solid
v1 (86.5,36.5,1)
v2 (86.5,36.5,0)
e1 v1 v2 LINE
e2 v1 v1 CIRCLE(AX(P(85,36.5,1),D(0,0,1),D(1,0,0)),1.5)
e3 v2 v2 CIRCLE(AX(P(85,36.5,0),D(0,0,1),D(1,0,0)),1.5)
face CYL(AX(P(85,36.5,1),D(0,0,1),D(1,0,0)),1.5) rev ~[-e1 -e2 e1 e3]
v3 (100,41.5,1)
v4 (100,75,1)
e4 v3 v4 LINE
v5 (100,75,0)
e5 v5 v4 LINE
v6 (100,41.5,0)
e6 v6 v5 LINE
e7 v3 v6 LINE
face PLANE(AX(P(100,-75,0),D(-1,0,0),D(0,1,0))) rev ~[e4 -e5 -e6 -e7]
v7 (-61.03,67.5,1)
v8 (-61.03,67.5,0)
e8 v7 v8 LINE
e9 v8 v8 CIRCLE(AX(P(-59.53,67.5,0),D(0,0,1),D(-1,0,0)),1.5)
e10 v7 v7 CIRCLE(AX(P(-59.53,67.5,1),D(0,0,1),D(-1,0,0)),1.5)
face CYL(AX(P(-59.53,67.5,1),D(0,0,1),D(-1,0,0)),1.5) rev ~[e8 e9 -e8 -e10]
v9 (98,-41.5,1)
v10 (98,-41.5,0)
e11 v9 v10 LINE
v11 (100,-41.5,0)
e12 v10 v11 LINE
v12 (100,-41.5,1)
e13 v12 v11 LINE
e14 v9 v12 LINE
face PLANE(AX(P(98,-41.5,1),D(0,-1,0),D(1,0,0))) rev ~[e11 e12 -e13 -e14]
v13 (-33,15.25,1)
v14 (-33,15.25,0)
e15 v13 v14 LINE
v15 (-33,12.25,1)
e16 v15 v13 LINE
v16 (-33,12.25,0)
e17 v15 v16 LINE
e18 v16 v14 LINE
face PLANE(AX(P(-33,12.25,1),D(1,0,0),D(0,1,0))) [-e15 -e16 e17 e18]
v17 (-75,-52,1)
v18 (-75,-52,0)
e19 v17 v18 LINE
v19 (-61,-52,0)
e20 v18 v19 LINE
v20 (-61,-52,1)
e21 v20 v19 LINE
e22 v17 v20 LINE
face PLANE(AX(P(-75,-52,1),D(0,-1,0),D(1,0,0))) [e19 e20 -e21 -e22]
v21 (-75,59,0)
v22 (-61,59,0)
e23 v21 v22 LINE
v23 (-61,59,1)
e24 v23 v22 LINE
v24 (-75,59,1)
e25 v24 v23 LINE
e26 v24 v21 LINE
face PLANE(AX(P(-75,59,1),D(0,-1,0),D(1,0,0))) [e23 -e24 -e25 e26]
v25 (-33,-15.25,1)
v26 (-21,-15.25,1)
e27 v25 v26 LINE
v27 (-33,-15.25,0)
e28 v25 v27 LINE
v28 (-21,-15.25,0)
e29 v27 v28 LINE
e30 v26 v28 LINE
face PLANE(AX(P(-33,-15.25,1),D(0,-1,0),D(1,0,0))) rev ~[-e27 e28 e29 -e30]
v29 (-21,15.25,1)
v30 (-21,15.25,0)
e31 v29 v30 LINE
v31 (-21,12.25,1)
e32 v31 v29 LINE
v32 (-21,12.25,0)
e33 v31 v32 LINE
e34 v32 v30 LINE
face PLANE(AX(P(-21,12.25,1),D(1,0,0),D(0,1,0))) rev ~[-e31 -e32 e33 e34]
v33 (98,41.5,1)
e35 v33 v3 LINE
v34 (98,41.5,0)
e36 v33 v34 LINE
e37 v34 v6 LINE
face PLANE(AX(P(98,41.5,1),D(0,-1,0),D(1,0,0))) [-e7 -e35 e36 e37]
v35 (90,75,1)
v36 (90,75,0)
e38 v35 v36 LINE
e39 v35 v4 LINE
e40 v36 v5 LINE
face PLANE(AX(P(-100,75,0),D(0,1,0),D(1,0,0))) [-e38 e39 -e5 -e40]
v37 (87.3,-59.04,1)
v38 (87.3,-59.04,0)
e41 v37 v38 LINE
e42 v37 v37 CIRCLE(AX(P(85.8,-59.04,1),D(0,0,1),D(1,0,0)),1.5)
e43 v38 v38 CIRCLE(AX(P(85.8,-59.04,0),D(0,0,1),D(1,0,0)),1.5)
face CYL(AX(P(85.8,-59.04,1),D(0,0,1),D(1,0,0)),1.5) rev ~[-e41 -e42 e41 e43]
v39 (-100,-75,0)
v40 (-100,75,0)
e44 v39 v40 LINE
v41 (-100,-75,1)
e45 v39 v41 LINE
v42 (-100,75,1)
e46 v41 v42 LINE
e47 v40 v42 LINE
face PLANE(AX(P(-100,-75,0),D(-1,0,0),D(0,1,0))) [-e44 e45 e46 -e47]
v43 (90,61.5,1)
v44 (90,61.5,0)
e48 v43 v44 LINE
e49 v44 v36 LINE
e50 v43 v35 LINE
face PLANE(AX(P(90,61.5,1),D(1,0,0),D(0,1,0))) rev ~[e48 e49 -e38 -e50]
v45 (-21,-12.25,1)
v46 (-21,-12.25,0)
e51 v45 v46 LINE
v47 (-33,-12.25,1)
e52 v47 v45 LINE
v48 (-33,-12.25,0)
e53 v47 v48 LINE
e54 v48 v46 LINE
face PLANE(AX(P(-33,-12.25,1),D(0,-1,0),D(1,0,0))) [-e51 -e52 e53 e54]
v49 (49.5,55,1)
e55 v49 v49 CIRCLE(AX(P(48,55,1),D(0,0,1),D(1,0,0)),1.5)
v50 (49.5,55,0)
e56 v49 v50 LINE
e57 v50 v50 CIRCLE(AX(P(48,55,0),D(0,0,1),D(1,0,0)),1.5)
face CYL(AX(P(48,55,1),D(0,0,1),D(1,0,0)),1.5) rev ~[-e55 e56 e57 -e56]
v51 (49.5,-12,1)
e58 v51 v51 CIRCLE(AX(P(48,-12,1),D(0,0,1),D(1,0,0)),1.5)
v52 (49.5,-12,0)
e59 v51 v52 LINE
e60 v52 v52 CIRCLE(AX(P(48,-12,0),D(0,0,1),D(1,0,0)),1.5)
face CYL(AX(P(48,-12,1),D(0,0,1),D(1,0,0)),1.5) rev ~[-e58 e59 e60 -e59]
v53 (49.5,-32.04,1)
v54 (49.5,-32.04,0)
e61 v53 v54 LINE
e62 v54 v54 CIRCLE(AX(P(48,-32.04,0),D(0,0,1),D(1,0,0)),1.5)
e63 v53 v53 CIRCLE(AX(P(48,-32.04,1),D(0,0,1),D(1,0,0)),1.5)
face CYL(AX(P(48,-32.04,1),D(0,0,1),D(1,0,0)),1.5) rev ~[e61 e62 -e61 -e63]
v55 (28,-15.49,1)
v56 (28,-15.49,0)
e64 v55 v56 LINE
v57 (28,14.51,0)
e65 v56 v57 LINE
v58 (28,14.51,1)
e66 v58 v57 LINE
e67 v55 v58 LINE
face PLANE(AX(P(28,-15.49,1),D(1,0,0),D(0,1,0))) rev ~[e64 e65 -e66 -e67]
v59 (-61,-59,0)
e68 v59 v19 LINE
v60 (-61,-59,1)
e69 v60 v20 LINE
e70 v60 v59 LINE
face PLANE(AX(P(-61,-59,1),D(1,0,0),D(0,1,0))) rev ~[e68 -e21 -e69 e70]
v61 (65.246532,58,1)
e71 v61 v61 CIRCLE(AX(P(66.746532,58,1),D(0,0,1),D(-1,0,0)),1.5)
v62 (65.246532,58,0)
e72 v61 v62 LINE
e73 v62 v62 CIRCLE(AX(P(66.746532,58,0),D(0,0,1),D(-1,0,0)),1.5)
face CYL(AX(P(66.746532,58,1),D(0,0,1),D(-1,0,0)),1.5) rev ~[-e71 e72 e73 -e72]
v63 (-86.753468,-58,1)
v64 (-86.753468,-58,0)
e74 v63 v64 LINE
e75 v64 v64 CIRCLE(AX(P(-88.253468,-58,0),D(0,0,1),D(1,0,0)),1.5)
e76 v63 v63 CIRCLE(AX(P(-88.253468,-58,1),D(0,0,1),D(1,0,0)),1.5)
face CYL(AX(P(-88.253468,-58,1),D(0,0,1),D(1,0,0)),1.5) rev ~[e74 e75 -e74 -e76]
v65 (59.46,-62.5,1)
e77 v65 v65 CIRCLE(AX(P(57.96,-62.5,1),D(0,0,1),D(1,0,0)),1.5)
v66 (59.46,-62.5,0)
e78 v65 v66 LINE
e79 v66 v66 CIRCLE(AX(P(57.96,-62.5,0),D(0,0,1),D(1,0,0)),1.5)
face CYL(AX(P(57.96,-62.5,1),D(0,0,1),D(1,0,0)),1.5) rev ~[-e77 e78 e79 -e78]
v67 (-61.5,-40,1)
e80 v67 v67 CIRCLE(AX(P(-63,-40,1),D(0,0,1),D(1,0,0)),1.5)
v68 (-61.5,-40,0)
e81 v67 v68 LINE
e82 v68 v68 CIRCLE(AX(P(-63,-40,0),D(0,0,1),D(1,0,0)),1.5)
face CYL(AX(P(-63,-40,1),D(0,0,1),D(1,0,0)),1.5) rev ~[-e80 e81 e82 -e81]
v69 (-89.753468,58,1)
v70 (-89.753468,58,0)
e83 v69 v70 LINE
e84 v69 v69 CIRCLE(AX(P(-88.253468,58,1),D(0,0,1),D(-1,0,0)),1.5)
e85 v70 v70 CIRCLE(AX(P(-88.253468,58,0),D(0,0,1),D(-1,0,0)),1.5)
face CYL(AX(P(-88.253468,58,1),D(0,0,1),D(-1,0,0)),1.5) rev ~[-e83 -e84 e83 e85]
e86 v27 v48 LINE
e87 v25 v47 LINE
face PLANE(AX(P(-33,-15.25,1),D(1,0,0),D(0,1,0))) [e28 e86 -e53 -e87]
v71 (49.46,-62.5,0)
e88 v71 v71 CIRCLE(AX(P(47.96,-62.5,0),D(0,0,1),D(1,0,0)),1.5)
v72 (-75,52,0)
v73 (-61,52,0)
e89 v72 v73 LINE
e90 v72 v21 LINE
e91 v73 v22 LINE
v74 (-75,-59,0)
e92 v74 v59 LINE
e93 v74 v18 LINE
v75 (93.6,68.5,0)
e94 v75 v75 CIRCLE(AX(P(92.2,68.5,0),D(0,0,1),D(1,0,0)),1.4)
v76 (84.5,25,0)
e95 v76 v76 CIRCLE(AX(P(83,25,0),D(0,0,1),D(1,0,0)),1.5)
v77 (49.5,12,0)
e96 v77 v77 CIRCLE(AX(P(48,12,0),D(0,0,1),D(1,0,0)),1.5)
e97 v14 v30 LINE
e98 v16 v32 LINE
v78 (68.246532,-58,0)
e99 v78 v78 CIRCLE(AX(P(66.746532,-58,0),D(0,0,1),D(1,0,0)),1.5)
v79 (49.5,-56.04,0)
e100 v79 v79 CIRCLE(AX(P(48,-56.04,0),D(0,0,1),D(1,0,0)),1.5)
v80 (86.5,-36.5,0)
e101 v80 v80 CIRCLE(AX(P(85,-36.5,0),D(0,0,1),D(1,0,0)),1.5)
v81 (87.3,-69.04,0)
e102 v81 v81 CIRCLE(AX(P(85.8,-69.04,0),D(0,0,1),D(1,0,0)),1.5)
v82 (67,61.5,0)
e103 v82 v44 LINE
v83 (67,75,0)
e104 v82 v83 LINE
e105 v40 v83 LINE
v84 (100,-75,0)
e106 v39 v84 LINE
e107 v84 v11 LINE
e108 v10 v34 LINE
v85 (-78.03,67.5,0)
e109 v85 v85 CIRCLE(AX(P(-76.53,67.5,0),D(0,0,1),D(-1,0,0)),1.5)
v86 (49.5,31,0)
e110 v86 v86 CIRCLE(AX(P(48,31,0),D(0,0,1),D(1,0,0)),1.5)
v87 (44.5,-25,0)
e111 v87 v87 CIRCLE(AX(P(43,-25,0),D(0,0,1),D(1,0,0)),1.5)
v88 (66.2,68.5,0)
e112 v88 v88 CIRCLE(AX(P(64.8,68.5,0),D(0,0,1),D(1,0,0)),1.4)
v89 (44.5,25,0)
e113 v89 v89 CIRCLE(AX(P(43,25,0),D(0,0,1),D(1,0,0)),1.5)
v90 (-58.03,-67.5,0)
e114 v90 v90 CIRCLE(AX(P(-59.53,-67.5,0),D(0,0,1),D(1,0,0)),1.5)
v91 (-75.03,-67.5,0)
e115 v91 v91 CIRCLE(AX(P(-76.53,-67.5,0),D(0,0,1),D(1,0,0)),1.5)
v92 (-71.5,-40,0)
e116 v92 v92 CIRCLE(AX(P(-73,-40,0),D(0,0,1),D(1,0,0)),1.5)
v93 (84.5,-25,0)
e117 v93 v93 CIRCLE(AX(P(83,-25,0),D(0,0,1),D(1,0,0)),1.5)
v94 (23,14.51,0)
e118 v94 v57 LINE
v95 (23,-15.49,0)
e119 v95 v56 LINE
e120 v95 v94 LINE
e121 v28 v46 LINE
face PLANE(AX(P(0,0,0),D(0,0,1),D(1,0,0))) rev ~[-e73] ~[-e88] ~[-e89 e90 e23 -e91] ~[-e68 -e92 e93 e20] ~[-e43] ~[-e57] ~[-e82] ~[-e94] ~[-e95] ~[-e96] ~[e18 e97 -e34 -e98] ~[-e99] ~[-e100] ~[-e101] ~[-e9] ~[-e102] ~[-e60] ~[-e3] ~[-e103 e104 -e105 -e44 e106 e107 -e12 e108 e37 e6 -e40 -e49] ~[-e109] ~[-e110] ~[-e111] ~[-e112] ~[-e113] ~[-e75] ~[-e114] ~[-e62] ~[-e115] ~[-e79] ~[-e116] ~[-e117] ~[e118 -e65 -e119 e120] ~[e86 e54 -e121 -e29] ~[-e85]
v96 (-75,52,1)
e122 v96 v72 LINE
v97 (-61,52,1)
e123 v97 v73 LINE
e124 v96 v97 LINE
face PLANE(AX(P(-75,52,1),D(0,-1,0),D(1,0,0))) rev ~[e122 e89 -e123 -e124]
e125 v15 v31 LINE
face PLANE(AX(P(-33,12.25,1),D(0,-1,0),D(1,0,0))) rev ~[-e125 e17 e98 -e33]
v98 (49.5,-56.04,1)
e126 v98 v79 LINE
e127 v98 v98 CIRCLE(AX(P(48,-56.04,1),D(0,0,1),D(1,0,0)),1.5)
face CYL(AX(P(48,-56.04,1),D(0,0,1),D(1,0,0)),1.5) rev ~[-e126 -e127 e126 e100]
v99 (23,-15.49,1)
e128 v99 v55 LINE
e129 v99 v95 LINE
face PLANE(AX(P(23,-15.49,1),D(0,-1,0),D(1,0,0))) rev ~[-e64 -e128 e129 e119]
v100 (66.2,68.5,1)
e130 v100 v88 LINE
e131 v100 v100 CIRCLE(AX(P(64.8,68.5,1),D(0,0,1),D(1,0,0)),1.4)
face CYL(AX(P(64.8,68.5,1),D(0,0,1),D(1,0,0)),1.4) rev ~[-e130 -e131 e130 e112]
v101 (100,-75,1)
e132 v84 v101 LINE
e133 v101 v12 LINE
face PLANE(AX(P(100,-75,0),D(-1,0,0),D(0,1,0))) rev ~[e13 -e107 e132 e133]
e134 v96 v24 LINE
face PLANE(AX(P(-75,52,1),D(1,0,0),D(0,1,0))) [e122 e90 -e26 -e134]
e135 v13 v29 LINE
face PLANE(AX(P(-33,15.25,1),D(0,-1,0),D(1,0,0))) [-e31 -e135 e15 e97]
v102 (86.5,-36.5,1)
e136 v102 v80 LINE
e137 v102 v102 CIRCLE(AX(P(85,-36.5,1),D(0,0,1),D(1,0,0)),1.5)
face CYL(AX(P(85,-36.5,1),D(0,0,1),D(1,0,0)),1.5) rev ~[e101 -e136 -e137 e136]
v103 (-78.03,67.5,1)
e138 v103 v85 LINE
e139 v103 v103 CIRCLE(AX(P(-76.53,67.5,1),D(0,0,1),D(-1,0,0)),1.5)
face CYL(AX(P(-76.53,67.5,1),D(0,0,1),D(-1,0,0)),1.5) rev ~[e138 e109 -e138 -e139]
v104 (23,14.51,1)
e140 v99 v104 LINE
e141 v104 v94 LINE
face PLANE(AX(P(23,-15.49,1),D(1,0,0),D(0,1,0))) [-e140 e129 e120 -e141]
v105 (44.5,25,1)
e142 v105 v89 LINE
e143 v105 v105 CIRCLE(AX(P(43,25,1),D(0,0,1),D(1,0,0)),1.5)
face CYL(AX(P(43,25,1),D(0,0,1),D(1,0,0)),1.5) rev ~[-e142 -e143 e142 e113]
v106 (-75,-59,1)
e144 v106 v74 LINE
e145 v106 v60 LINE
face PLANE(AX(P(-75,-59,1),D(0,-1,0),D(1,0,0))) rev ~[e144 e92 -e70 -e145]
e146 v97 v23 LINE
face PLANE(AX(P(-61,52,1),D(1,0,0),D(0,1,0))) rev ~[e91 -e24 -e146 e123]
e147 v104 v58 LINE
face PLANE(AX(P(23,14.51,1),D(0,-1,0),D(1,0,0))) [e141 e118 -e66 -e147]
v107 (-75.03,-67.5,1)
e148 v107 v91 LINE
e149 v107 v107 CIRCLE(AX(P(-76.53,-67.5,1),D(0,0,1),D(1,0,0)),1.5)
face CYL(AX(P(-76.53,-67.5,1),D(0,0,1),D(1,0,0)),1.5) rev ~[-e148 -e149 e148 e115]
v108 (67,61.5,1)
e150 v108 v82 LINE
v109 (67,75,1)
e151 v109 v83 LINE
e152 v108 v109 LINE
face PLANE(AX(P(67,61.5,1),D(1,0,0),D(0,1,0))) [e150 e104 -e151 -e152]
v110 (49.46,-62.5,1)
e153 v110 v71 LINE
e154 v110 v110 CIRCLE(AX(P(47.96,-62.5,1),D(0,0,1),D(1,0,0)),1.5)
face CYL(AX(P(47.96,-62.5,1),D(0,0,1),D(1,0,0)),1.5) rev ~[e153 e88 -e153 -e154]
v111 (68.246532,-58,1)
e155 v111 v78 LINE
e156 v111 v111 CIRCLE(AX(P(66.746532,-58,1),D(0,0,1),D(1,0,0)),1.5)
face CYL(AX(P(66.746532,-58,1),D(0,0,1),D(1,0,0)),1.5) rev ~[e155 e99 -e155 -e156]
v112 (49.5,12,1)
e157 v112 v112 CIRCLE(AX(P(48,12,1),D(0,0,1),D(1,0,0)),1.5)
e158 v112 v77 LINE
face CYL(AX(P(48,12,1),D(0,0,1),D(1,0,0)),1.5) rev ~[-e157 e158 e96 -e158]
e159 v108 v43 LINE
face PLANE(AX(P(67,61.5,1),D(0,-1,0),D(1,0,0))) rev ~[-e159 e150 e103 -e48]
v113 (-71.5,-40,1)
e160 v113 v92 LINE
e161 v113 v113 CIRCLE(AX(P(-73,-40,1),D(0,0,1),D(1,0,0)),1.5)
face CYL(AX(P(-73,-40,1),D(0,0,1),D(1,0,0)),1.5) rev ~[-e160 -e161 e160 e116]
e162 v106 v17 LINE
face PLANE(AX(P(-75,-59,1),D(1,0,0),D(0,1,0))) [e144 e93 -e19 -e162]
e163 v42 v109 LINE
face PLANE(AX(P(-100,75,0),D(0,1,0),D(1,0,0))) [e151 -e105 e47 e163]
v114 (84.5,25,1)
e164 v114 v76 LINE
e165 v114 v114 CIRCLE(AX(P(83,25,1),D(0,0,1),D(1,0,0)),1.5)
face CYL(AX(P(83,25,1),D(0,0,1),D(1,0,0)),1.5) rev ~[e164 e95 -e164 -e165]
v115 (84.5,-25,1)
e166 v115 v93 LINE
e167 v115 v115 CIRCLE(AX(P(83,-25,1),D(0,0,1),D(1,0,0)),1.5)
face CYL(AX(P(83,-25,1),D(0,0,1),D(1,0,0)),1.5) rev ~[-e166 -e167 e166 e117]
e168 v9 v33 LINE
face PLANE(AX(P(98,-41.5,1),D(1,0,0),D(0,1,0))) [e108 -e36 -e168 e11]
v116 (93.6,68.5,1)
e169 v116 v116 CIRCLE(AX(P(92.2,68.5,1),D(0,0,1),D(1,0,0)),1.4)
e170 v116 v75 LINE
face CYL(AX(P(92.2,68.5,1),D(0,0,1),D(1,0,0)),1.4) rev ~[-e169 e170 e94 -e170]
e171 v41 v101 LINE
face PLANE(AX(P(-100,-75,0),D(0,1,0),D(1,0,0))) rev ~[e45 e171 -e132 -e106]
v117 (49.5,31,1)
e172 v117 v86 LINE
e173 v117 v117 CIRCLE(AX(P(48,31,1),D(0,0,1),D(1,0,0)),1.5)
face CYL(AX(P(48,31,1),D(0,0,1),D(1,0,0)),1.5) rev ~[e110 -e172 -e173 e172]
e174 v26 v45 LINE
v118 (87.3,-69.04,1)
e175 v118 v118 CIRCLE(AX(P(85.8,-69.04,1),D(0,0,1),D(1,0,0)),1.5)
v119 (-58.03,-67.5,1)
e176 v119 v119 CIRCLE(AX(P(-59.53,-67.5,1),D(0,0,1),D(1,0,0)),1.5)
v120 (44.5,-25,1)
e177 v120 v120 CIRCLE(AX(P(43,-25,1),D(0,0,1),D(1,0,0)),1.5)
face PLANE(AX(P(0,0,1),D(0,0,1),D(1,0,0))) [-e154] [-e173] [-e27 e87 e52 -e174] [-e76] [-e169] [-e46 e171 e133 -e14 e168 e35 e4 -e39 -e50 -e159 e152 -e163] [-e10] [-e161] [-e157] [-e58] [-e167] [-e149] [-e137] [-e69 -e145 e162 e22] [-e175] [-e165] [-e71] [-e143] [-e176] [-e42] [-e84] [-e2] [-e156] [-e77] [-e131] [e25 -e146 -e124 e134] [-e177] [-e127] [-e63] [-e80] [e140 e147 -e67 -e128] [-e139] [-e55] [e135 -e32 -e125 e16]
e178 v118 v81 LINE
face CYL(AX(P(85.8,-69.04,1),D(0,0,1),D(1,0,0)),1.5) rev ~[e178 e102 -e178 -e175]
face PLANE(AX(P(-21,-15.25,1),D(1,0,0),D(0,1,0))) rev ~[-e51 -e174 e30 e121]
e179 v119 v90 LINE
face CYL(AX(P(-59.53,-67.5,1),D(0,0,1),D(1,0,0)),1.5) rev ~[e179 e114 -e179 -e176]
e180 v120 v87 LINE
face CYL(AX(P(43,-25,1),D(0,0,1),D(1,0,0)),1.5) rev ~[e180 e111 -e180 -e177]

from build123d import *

# Parameters (mm, degrees)
SKETCH1_W           = 200
SKETCH1_H           = 150
BOSS_EXTRUDE1_DEPTH = 1
SKETCH2_R           = 1.5
SKETCH2_R_2         = 1.4
SKETCH2_W           = 14
SKETCH2_H           = 7
SKETCH2_W_2         = 12
SKETCH2_H_2         = 3
SKETCH2_W_3         = 23
SKETCH2_H_3         = 13.5
SKETCH2_W_4         = 2
SKETCH2_H_4         = 83
CUT_EXTRUDE1_DEPTH  = 1
SKETCH3_R           = 1.5
SKETCH3_W           = 5
SKETCH3_H           = 30
CUT_EXTRUDE2_DEPTH  = 10
SKETCH4_R           = 1.5
CUT_EXTRUDE3_DEPTH  = 10


with BuildPart() as part:
    # Sketch1 → Boss-Extrude1 (new body)
    with BuildSketch(Plane.XY):
        Rectangle(SKETCH1_W, SKETCH1_H)
    extrude(amount=BOSS_EXTRUDE1_DEPTH)

    # Sketch2 → Cut-Extrude1 (cut)
    with BuildSketch(Plane.XY.offset(1)):
        with Locations((-76.53, -67.5)):
            Circle(SKETCH2_R)
        with Locations((-59.53, -67.5)):
            Circle(SKETCH2_R)
        with Locations(Location((-59.53, 67.5, 0), (0, 0, 180))):
            Circle(SKETCH2_R)
        with Locations(Location((-76.53, 67.5, 0), (0, 0, 180))):
            Circle(SKETCH2_R)
        with Locations((-73, -40)):
            Circle(SKETCH2_R)
        with Locations((-63, -40)):
            Circle(SKETCH2_R)
        with Locations((-88.25346752, -58)):
            Circle(SKETCH2_R)
        with Locations((66.74653248, -58)):
            Circle(SKETCH2_R)
        with Locations(Location((66.74653248, 58, 0), (0, 0, 180))):
            Circle(SKETCH2_R)
        with Locations(Location((-88.25346752, 58, 0), (0, 0, 180))):
            Circle(SKETCH2_R)
        with Locations((64.8, 68.5)):
            Circle(SKETCH2_R_2)
        with Locations((92.2, 68.5)):
            Circle(SKETCH2_R_2)
        with Locations((85, 36.5)):
            Circle(SKETCH2_R)
        with Locations((85, -36.5)):
            Circle(SKETCH2_R)
        with Locations((-68, -55.5)):
            Rectangle(SKETCH2_W, SKETCH2_H)
        with Locations((-68, 55.5)):
            Rectangle(SKETCH2_W, SKETCH2_H)
        with Locations((-27, -13.75)):
            Rectangle(SKETCH2_W_2, SKETCH2_H_2)
        with Locations((-27, 13.75)):
            Rectangle(SKETCH2_W_2, SKETCH2_H_2)
        with Locations((78.5, 68.25)):
            Rectangle(SKETCH2_W_3, SKETCH2_H_3)
        with Locations((99, 0)):
            Rectangle(SKETCH2_W_4, SKETCH2_H_4)
    extrude(amount=-CUT_EXTRUDE1_DEPTH, mode=Mode.SUBTRACT)

    # Sketch3 → Cut-Extrude2 (cut)
    with BuildSketch(Plane.XY.offset(1)):
        with Locations((85.8, -69.04)):
            Circle(SKETCH3_R)
        with Locations((85.8, -59.04)):
            Circle(SKETCH3_R)
        with Locations((57.96, -62.5)):
            Circle(SKETCH3_R)
        with Locations((47.96, -62.5)):
            Circle(SKETCH3_R)
        with Locations((25.5, -0.49)):
            Rectangle(SKETCH3_W, SKETCH3_H)
    extrude(amount=-CUT_EXTRUDE2_DEPTH, mode=Mode.SUBTRACT)

    # Sketch4 → Cut-Extrude3 (cut)
    with BuildSketch(Plane.XY.offset(1)):
        with Locations((48, -12)):
            Circle(SKETCH4_R)
        with Locations((48, -56.04)):
            Circle(SKETCH4_R)
        with Locations((48, -32.04)):
            Circle(SKETCH4_R)
        with Locations((48, 12)):
            Circle(SKETCH4_R)
        with Locations((48, 31)):
            Circle(SKETCH4_R)
        with Locations((48, 55)):
            Circle(SKETCH4_R)
        with Locations((43, -25)):
            Circle(SKETCH4_R)
        with Locations((83, -25)):
            Circle(SKETCH4_R)
        with Locations((83, 25)):
            Circle(SKETCH4_R)
        with Locations((43, 25)):
            Circle(SKETCH4_R)
    extrude(amount=-CUT_EXTRUDE3_DEPTH, mode=Mode.SUBTRACT)


solid = part.part
